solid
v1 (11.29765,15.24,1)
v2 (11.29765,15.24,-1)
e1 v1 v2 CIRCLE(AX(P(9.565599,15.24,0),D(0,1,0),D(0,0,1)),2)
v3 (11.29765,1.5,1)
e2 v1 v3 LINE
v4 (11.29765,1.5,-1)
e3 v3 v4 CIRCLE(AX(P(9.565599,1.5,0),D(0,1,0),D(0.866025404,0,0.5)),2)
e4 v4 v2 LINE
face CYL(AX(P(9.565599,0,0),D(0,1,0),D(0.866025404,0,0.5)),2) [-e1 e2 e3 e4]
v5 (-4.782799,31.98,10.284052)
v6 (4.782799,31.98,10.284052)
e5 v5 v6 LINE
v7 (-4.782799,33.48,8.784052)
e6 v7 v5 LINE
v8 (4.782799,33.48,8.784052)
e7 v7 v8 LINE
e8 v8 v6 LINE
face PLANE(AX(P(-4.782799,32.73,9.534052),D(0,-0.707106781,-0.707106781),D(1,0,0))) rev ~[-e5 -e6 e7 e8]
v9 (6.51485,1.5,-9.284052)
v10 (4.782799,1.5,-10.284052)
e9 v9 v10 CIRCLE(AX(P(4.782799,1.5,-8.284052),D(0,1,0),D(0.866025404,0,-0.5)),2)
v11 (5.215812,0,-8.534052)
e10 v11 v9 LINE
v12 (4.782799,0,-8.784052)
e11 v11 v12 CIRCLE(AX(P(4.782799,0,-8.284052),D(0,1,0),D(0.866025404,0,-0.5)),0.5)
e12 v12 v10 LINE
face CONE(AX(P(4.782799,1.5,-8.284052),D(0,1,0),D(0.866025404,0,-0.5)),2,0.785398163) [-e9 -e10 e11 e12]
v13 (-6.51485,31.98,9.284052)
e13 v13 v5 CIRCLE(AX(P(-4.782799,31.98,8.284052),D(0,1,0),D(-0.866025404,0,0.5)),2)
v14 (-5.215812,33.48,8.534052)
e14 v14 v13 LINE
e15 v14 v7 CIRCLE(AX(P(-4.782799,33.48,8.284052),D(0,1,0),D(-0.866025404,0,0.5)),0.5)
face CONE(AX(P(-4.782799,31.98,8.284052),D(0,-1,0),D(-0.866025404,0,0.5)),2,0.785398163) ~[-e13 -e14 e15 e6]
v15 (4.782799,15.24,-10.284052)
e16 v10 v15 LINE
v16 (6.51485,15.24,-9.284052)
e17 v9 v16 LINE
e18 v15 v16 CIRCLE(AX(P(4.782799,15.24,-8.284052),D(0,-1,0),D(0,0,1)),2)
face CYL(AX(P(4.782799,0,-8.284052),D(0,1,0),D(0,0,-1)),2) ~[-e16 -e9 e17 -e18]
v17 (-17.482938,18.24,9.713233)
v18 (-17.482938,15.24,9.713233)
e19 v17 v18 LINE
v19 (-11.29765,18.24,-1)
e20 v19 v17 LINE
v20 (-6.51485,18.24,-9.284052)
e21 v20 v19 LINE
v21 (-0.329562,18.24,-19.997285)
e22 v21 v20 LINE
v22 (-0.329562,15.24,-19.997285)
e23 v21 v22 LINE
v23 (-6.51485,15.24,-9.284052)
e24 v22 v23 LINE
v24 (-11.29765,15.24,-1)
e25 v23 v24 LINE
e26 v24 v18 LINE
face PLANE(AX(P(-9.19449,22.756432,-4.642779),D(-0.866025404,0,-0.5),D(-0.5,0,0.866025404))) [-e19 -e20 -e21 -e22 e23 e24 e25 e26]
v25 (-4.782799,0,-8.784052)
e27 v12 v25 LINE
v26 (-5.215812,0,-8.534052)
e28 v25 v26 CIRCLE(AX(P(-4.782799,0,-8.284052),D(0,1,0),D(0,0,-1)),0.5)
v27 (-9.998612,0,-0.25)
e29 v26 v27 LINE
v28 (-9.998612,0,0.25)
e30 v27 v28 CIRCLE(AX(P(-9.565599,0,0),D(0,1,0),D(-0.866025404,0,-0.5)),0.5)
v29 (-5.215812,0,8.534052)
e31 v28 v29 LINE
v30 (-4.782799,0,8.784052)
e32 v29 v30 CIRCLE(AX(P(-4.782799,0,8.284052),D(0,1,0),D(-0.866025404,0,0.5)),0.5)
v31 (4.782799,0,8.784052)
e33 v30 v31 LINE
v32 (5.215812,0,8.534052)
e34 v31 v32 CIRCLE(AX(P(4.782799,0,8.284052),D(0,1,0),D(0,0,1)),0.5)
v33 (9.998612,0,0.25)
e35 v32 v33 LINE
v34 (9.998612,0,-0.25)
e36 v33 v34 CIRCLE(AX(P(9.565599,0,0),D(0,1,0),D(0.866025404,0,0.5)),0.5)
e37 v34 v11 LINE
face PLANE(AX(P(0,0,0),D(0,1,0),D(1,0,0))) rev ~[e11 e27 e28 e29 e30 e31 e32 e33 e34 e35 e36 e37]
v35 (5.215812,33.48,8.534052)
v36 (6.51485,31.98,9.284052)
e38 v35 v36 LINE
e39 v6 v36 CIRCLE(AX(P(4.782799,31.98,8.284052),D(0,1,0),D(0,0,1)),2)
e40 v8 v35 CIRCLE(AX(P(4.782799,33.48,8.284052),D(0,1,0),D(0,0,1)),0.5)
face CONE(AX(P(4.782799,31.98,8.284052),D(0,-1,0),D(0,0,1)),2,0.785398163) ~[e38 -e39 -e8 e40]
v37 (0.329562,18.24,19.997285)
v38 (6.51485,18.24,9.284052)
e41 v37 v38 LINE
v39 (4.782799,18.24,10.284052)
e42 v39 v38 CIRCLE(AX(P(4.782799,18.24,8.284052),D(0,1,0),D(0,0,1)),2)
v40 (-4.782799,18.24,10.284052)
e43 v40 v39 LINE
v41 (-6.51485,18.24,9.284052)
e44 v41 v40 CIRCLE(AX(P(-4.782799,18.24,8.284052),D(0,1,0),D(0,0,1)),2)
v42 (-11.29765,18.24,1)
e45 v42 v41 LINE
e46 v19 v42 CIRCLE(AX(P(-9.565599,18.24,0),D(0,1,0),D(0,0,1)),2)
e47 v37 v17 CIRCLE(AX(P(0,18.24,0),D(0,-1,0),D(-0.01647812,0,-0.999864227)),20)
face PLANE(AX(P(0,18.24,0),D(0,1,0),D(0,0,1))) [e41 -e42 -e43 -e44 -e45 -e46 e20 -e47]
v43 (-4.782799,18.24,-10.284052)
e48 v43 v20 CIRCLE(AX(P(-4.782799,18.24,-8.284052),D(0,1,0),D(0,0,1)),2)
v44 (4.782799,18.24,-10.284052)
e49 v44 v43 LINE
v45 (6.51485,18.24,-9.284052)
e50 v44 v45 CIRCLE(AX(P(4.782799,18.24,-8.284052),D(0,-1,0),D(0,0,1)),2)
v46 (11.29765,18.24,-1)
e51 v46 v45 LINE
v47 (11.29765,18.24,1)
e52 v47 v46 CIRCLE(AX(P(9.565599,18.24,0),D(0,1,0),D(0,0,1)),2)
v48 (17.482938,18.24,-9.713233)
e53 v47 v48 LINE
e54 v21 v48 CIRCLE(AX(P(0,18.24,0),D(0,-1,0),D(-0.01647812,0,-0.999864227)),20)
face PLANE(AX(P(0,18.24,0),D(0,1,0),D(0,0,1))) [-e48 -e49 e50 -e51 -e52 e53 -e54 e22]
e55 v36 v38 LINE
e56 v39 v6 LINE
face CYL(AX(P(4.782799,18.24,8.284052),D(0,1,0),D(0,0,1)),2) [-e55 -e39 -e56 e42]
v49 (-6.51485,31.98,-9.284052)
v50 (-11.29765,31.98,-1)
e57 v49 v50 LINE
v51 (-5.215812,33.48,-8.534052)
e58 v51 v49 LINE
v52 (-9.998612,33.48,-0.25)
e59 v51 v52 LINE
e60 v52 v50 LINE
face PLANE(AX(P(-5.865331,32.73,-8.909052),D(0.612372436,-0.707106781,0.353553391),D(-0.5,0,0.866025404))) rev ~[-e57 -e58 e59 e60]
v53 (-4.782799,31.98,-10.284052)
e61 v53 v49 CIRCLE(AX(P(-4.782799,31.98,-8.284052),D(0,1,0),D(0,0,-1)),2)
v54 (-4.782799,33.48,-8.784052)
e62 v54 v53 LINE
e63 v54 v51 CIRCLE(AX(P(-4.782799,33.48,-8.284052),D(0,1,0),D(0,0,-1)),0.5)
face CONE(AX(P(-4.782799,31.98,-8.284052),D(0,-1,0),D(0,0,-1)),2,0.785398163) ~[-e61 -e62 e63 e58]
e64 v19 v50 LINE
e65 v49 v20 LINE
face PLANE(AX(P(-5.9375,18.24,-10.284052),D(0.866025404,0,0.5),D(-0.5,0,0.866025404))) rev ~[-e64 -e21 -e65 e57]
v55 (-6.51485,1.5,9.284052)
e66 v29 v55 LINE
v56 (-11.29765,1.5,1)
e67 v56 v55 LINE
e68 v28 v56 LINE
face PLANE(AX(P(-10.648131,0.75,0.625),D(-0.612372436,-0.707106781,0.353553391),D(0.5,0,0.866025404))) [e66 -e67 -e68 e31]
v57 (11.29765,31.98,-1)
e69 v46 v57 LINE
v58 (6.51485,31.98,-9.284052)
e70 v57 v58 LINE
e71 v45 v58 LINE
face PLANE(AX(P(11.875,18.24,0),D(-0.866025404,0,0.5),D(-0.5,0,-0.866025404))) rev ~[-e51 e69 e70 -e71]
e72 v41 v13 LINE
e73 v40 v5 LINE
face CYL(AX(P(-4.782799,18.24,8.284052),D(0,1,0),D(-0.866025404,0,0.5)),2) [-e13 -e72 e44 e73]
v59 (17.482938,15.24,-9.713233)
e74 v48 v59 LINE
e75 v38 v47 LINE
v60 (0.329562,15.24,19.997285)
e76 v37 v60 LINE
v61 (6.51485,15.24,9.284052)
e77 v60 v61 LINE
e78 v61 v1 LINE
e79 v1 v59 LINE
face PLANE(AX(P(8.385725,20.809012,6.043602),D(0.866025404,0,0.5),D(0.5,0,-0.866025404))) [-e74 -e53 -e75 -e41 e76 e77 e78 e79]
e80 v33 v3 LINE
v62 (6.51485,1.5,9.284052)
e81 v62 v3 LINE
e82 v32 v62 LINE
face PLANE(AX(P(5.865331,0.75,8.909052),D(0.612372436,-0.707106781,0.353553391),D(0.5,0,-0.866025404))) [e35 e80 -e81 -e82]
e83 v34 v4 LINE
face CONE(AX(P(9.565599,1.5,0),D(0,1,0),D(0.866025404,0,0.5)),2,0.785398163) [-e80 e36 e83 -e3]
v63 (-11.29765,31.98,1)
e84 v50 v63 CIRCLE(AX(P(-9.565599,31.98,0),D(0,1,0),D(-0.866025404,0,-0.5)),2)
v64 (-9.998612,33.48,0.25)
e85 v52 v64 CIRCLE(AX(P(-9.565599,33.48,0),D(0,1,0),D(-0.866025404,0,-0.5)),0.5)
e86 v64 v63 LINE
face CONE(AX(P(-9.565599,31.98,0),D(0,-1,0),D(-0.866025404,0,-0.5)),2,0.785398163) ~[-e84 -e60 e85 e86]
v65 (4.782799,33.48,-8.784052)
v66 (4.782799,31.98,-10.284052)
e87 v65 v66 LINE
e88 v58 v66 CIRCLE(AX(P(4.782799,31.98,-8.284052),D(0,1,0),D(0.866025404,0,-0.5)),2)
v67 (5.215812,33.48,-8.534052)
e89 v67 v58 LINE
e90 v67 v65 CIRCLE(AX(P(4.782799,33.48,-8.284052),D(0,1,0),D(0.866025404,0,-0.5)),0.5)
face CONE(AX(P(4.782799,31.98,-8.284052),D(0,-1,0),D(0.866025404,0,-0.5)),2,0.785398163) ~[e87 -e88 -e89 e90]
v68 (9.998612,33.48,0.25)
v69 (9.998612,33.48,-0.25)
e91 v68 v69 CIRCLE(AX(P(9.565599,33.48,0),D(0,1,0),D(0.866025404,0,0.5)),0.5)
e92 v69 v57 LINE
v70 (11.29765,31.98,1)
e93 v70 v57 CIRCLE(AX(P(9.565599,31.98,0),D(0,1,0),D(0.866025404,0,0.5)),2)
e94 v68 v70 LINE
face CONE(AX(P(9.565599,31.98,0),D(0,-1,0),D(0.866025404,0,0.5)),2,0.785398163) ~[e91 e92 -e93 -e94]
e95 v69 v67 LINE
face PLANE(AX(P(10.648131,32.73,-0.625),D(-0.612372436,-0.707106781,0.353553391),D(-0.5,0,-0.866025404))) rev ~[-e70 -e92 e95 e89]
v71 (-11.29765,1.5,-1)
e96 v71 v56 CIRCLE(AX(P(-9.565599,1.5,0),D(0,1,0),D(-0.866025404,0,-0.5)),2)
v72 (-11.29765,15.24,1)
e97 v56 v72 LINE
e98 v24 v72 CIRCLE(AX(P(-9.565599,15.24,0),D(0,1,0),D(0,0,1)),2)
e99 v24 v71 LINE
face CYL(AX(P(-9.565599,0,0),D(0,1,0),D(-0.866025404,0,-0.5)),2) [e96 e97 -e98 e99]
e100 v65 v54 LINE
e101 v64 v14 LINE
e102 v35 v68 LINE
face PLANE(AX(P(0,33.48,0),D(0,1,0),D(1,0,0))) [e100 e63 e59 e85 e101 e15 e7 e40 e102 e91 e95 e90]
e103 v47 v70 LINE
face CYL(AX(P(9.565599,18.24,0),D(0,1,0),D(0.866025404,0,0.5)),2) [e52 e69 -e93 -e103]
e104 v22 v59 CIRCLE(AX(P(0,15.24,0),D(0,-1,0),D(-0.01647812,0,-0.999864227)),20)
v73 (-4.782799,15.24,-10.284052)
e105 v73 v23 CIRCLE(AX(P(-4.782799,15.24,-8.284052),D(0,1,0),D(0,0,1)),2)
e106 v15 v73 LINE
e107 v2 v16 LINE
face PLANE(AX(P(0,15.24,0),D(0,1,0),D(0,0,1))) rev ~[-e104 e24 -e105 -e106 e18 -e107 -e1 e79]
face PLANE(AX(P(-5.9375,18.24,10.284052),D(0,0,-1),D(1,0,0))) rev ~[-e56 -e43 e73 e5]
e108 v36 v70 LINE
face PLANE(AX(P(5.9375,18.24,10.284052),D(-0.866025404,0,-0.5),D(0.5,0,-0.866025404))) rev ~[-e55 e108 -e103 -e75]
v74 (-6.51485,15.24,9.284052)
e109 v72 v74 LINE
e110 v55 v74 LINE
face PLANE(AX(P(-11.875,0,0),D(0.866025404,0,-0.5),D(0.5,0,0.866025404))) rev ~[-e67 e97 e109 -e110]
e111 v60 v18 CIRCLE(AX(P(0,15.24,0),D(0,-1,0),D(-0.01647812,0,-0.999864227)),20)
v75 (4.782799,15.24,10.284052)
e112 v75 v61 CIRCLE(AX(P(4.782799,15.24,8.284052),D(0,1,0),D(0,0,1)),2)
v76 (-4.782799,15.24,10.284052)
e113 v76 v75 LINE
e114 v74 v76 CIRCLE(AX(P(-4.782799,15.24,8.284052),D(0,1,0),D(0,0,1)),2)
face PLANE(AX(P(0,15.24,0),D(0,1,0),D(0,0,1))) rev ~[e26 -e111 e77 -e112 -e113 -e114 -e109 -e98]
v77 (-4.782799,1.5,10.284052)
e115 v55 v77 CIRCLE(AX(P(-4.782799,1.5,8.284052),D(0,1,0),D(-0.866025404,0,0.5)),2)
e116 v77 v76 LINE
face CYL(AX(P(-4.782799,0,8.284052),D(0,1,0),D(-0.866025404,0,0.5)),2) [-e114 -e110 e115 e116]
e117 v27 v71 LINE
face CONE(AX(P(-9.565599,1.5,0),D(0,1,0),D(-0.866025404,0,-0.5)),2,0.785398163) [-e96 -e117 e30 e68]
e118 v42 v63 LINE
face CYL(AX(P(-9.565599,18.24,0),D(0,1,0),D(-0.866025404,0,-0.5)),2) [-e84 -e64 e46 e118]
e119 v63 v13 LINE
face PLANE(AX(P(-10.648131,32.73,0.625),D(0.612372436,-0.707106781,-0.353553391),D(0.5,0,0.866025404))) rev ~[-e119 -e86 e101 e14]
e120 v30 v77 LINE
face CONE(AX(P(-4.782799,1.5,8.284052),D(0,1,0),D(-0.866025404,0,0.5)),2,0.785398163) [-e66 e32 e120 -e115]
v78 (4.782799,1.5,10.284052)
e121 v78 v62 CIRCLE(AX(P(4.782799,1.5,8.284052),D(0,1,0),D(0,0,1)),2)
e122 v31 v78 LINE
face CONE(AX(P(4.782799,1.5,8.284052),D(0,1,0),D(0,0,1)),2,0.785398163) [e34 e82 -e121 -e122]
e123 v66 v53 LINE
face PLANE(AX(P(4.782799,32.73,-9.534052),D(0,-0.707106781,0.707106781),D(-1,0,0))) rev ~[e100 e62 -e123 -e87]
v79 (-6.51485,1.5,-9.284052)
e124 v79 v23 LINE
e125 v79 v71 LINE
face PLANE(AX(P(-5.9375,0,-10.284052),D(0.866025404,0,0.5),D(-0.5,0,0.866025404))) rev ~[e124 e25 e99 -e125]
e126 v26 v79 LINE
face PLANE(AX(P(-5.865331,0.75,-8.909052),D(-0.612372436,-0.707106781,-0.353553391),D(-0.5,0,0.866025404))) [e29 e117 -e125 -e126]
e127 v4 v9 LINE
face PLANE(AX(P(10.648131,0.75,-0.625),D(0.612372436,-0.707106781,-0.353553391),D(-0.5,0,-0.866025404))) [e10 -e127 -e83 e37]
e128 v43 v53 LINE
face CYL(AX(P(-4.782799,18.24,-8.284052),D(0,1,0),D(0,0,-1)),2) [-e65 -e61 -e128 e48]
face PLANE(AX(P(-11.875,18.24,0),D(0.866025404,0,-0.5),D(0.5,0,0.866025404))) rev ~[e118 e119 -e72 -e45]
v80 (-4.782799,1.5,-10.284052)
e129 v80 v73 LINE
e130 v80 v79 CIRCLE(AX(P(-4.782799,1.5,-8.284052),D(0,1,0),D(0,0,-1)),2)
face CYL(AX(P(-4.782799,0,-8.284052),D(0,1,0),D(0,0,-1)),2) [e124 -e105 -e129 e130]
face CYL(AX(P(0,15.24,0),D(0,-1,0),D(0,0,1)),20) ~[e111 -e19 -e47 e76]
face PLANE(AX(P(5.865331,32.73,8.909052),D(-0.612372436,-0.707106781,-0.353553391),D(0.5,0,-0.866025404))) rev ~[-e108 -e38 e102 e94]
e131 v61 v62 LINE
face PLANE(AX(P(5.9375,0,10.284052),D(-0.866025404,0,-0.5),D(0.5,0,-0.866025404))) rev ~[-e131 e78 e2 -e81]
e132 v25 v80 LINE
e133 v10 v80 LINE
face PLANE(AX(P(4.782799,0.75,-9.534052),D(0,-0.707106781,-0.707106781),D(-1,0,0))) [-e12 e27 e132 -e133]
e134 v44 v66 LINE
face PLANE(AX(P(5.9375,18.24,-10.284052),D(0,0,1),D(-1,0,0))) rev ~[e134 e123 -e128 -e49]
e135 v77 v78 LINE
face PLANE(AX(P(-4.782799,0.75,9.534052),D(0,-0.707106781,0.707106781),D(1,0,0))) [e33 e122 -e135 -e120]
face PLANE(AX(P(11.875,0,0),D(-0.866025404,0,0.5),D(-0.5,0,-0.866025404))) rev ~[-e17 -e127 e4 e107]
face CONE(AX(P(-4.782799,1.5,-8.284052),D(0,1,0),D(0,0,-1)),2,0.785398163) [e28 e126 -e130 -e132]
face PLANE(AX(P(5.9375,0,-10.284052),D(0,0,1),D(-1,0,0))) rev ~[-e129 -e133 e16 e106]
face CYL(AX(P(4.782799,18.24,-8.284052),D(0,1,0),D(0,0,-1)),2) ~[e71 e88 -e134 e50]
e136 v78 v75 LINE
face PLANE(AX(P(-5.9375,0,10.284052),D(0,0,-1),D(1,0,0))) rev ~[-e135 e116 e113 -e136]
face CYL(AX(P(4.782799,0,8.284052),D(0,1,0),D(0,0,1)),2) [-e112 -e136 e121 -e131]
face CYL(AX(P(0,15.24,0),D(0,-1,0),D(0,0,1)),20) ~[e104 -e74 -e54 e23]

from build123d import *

# Parameters (mm, degrees)
BOSS_EXTRUDE1_DEPTH = 15.24
SKETCH2_R           = 20
BOSS_EXTRUDE2_DEPTH = 3
BOSS_EXTRUDE3_START = 18.24
BOSS_EXTRUDE3_DEPTH = 15.24
FILLET1_R           = 2
SKETCH3_W           = 35.8896148
SKETCH3_H           = 21.37412809
CUT_EXTRUDE1_DEPTH  = 51.878317112
CHAMFER2_SIZE       = 1.5
SKETCH5_W           = 51.439810339
SKETCH5_H           = 15.927026311
CUT_EXTRUDE3_DEPTH  = 50.49162642


with BuildPart() as part:
    # Sketch1 → Boss-Extrude1 (new body)
    with BuildSketch(Plane(origin=(0, 0, 0), x_dir=(1, 0, 0), z_dir=(0, 1, 0))):
        Polygon((5.9375, 10.28405167), (-5.9375, 10.28405167), (-11.875, 0), (-5.9375, -10.28405167), (5.9375, -10.28405167), (11.875, 0), align=None)
    extrude(amount=BOSS_EXTRUDE1_DEPTH)

    # Sketch2 → Boss-Extrude2 (add)
    with BuildSketch(Plane(origin=(0, 15.24, 0), x_dir=(1, 0, 0), z_dir=(0, 1, 0))):
        with Locations(Location((0, 0, 0), (0, 0, 270))):
            Circle(SKETCH2_R)
    extrude(amount=BOSS_EXTRUDE2_DEPTH)

    # Sketch1<2> → Boss-Extrude3 (add)
    with BuildSketch(Plane(origin=(0, 0, 0), x_dir=(1, 0, 0), z_dir=(0, 1, 0)).offset(BOSS_EXTRUDE3_START)):
        Polygon((5.9375, 10.28405167), (-5.9375, 10.28405167), (-11.875, 0), (-5.9375, -10.28405167), (5.9375, -10.28405167), (11.875, 0), align=None)
    extrude(amount=BOSS_EXTRUDE3_DEPTH)

    # Fillet1
    fillet1_edges = [part.edges().sort_by_distance(p)[0] for p in [
        (11.875, 7.62, 0),
        (5.9375, 7.62, 10.28405167),
        (-5.9375, 7.62, 10.28405167),
        (-11.875, 7.62, 0),
        (-5.9375, 7.62, -10.28405167),
        (5.9375, 7.62, -10.28405167),
        (-5.9375, 25.86, 10.28405167),
        (5.9375, 25.86, 10.28405167),
        (11.875, 25.86, 0),
        (5.9375, 25.86, -10.28405167),
        (-5.9375, 25.86, -10.28405167),
        (-11.875, 25.86, 0),
    ]]
    fillet(fillet1_edges, radius=FILLET1_R)

    # Sketch3 → Cut-Extrude1 (cut, through all)
    with BuildSketch(Plane(origin=(-8.90625, 0, -5.142025835), x_dir=(-0.5000000000000004, 0, 0.8660254037844385), z_dir=(-0.8660254037844384, 0, -0.5000000000000003))):
        with Locations((0.576480633, 22.756432149)):
            Rectangle(SKETCH3_W, SKETCH3_H)
    extrude(amount=CUT_EXTRUDE1_DEPTH, mode=Mode.SUBTRACT)

    # Chamfer2
    chamfer2_edges = [part.edges().sort_by_distance(p)[0] for p in [
        (0, 0, -10.28405167),
        (8.90625, 0, -5.142025835),
        (8.90625, 0, 5.142025835),
        (0, 0, 10.28405167),
        (-8.90625, 0, 5.142025835),
        (-8.90625, 0, -5.142025835),
        (11.565598923, 0, 0),
        (5.782799462, 0, 10.016102478),
        (-5.782799462, 0, 10.016102478),
        (-11.565598923, 0, 0),
        (-5.782799462, 0, -10.016102478),
        (5.782799462, 0, -10.016102478),
        (0, 33.48, -10.28405167),
        (8.90625, 33.48, -5.142025835),
        (0, 33.48, 10.28405167),
        (8.90625, 33.48, 5.142025835),
        (-8.90625, 33.48, -5.142025835),
        (-8.90625, 33.48, 5.142025835),
        (11.565598923, 33.48, 0),
        (5.782799462, 33.48, 10.016102478),
        (-5.782799462, 33.48, 10.016102478),
        (-11.565598923, 33.48, 0),
        (-5.782799462, 33.48, -10.016102478),
        (5.782799462, 33.48, -10.016102478),
    ]]
    chamfer(chamfer2_edges, length=CHAMFER2_SIZE)

    # Sketch5 → Cut-Extrude3 (cut, through all)
    with BuildSketch(Plane(origin=(8.90625, 0, 5.142025835), x_dir=(0.5000000000000004, 0, -0.8660254037844384), z_dir=(0.8660254037844384, 0, 0.5000000000000004))):
        with Locations((-1.041050082, 20.809011755)):
            Rectangle(SKETCH5_W, SKETCH5_H)
    extrude(amount=CUT_EXTRUDE3_DEPTH, mode=Mode.SUBTRACT)


solid = part.part
